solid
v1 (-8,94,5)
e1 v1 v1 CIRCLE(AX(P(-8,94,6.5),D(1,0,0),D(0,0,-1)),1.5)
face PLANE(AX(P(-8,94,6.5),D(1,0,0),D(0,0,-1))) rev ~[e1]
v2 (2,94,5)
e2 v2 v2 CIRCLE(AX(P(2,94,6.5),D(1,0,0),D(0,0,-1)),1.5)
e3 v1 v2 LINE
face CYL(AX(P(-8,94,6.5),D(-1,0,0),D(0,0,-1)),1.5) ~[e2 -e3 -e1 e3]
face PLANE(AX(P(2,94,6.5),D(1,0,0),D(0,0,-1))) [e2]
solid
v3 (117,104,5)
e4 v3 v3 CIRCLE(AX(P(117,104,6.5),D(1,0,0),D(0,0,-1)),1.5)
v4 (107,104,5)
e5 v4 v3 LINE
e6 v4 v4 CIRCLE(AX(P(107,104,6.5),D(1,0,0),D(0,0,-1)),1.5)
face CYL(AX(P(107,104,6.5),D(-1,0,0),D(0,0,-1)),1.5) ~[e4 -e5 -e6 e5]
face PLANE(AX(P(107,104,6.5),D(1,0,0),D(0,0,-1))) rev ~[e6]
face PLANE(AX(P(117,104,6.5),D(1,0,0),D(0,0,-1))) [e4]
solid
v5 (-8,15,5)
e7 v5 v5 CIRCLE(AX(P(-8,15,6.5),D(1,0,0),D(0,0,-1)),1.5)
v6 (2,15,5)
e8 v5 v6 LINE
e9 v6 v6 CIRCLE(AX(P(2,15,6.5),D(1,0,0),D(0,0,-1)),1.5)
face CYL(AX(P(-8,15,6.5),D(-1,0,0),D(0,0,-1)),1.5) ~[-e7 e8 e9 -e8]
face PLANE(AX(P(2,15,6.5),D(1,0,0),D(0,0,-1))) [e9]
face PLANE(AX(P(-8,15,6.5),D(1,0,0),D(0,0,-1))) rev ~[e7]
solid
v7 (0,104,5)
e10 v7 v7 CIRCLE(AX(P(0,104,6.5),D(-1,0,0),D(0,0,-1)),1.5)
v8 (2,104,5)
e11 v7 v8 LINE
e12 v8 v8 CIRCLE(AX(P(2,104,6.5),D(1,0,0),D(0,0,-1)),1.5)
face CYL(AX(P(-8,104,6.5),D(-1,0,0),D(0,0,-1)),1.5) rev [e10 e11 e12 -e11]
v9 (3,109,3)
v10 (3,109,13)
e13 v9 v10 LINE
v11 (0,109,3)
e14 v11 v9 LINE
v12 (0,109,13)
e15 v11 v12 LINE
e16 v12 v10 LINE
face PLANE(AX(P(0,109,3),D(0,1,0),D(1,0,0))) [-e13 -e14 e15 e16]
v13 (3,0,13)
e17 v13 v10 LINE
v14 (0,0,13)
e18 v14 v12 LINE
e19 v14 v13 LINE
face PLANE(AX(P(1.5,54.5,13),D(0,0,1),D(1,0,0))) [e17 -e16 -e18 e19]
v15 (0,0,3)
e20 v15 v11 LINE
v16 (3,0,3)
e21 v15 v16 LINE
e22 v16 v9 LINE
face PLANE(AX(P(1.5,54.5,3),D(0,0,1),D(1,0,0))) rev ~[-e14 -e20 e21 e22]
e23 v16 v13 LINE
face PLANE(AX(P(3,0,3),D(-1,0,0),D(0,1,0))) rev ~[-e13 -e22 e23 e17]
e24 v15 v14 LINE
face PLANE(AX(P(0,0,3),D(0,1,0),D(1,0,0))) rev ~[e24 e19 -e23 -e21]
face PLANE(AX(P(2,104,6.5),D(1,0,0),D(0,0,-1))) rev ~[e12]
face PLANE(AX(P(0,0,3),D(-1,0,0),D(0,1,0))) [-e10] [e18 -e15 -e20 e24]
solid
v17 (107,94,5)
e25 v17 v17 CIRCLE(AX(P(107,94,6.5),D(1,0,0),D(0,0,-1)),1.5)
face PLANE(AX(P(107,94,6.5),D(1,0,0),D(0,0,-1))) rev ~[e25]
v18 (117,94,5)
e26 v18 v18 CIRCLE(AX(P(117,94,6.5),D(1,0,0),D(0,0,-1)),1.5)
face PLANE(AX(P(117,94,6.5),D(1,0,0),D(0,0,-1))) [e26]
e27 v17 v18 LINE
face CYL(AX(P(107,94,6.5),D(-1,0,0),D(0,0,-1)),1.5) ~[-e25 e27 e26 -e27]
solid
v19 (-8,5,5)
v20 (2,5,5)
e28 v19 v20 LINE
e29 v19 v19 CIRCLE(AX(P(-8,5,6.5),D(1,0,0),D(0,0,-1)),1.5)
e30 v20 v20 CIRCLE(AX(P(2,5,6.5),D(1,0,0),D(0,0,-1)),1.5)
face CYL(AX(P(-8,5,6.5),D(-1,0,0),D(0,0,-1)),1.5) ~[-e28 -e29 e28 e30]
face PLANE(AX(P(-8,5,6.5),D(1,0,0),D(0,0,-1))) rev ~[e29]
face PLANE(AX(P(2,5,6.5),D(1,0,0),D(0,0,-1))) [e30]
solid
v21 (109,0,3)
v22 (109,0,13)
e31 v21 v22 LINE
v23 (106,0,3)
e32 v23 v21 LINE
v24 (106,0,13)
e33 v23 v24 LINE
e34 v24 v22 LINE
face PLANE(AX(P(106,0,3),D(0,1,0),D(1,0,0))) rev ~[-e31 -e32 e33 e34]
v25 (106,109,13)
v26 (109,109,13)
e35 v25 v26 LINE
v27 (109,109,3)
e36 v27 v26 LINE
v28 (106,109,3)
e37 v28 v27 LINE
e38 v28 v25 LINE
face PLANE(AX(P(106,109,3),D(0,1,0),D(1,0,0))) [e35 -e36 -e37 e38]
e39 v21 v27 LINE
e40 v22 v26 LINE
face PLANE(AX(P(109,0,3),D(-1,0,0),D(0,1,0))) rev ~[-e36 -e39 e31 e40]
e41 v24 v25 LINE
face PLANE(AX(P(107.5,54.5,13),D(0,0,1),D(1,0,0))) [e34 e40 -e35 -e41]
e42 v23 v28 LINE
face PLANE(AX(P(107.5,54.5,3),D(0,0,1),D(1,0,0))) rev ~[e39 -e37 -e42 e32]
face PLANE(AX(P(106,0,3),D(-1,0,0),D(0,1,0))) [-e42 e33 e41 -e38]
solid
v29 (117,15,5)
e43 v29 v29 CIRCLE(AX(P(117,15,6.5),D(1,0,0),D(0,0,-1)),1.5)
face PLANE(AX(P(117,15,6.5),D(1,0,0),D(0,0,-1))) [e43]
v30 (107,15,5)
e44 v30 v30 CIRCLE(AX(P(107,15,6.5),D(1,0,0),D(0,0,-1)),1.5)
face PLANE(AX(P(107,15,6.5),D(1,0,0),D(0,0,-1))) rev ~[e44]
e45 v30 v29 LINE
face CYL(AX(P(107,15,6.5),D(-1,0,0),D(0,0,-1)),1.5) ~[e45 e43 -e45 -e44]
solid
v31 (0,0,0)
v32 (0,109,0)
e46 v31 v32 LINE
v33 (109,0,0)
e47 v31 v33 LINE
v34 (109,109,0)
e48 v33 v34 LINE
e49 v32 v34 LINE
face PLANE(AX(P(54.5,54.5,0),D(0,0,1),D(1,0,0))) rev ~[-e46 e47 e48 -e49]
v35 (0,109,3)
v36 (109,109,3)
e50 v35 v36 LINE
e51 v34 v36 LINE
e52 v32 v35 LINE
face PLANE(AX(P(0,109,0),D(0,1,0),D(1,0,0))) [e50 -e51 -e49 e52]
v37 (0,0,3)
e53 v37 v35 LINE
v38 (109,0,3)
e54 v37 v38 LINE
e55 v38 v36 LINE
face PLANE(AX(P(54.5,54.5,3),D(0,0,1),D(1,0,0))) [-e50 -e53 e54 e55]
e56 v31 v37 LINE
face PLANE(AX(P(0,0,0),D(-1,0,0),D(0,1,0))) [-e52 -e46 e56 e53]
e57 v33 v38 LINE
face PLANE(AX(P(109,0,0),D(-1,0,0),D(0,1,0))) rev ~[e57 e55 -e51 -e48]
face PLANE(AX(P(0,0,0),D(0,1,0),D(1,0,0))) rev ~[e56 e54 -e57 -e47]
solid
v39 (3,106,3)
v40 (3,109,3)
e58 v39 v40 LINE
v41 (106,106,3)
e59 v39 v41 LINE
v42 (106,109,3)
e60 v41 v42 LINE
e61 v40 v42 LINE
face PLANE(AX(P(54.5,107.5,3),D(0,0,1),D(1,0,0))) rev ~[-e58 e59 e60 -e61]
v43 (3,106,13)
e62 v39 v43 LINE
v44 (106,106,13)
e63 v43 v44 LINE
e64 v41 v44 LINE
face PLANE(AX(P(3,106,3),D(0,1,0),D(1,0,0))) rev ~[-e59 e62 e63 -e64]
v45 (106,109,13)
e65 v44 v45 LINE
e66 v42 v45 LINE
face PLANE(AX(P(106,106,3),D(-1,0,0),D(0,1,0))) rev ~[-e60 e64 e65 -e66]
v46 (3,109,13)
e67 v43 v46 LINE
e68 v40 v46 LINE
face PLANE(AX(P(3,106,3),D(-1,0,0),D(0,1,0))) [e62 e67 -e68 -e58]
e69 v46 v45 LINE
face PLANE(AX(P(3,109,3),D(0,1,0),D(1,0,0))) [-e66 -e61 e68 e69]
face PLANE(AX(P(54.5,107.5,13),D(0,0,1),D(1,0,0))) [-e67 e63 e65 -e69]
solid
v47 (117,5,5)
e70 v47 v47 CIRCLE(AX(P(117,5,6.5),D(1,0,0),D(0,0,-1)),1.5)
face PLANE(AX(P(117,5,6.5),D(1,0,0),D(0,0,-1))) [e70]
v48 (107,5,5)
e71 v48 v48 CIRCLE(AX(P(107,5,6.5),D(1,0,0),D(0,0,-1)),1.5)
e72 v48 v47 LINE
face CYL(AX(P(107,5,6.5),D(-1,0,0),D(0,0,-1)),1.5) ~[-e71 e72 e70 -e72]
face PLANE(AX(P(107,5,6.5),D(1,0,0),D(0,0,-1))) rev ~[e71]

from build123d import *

# Parameters (mm, degrees)
BOX_W             = 109
BOX_H             = 109
BOX_DEPTH         = 3
BOX002_W          = 3
BOX002_H          = 109
BOX002_DEPTH      = 10
BOX003_W          = 103
BOX003_H          = 3
BOX003_DEPTH      = 10
CYLINDER_R        = 1.5
CYLINDER_DEPTH    = 10
CYLINDER002_R     = 1.5
CYLINDER002_DEPTH = 10
CYLINDER003_R     = 1.5
CYLINDER003_DEPTH = 10
CYLINDER004_R     = 1.5
CYLINDER004_DEPTH = 10
CYLINDER005_R     = 1.5
CYLINDER005_DEPTH = 10
CYLINDER006_R     = 1.5
CYLINDER006_DEPTH = 10
CYLINDER007_R     = 1.5
CYLINDER007_DEPTH = 10
CYLINDER001_R     = 1.5
CYLINDER001_DEPTH = 10
BOX001_W          = 3
BOX001_H          = 109
BOX001_DEPTH      = 10


with BuildPart() as floor:
    # Box → Box (new body)
    with BuildSketch(Plane.XY):
        with Locations((54.5, 54.5)):
            Rectangle(BOX_W, BOX_H)
    extrude(amount=BOX_DEPTH)


with BuildPart() as lwall:
    # Box002 → Box002 (new body)
    with BuildSketch(Plane(origin=(106, 0, 3), x_dir=(1, 0, 0), z_dir=(0, 0, 1))):
        with Locations((1.5, 54.5)):
            Rectangle(BOX002_W, BOX002_H)
    extrude(amount=BOX002_DEPTH)


with BuildPart() as back:
    # Box003 → Box003 (new body)
    with BuildSketch(Plane(origin=(3, 106, 3), x_dir=(1, 0, 0), z_dir=(0, 0, 1))):
        with Locations((51.5, 1.5)):
            Rectangle(BOX003_W, BOX003_H)
    extrude(amount=BOX003_DEPTH)


with BuildPart() as hole:
    # Cylinder → Cylinder (new body)
    with BuildSketch(Plane(origin=(-8, 5, 6.5), x_dir=(0, 0, -1), z_dir=(1, 0, 0))):
        Circle(CYLINDER_R)
    extrude(amount=CYLINDER_DEPTH)


with BuildPart() as hole002:
    # Cylinder002 → Cylinder002 (new body)
    with BuildSketch(Plane(origin=(-8, 15, 6.5), x_dir=(0, 0, -1), z_dir=(1, 0, 0))):
        Circle(CYLINDER002_R)
    extrude(amount=CYLINDER002_DEPTH)


with BuildPart() as hole003:
    # Cylinder003 → Cylinder003 (new body)
    with BuildSketch(Plane(origin=(-8, 94, 6.5), x_dir=(0, 0, -1), z_dir=(1, 0, 0))):
        Circle(CYLINDER003_R)
    extrude(amount=CYLINDER003_DEPTH)


with BuildPart() as hole004:
    # Cylinder004 → Cylinder004 (new body)
    with BuildSketch(Plane(origin=(107, 104, 6.5), x_dir=(0, 0, -1), z_dir=(1, 0, 0))):
        Circle(CYLINDER004_R)
    extrude(amount=CYLINDER004_DEPTH)


with BuildPart() as hole005:
    # Cylinder005 → Cylinder005 (new body)
    with BuildSketch(Plane(origin=(107, 94, 6.5), x_dir=(0, 0, -1), z_dir=(1, 0, 0))):
        Circle(CYLINDER005_R)
    extrude(amount=CYLINDER005_DEPTH)


with BuildPart() as hole006:
    # Cylinder006 → Cylinder006 (new body)
    with BuildSketch(Plane(origin=(107, 5, 6.5), x_dir=(0, 0, -1), z_dir=(1, 0, 0))):
        Circle(CYLINDER006_R)
    extrude(amount=CYLINDER006_DEPTH)


with BuildPart() as hole007:
    # Cylinder007 → Cylinder007 (new body)
    with BuildSketch(Plane(origin=(107, 15, 6.5), x_dir=(0, 0, -1), z_dir=(1, 0, 0))):
        Circle(CYLINDER007_R)
    extrude(amount=CYLINDER007_DEPTH)


with BuildPart() as hole001:
    # Cylinder001 → Cylinder001 (new body)
    with BuildSketch(Plane(origin=(-8, 104, 6.5), x_dir=(0, 0, -1), z_dir=(1, 0, 0))):
        Circle(CYLINDER001_R)
    extrude(amount=CYLINDER001_DEPTH)


with BuildPart() as cut:
    # Box001 → Box001 (new body)
    with BuildSketch(Plane.XY.offset(3)):
        with Locations((1.5, 54.5)):
            Rectangle(BOX001_W, BOX001_H)
    extrude(amount=BOX001_DEPTH)

    # Cut: cut Hole001
    add(hole001.part, mode=Mode.SUBTRACT)


solid = Compound([floor.part, lwall.part, back.part, hole.part, hole002.part, hole003.part, hole004.part, hole005.part, hole006.part, hole007.part, cut.part])
